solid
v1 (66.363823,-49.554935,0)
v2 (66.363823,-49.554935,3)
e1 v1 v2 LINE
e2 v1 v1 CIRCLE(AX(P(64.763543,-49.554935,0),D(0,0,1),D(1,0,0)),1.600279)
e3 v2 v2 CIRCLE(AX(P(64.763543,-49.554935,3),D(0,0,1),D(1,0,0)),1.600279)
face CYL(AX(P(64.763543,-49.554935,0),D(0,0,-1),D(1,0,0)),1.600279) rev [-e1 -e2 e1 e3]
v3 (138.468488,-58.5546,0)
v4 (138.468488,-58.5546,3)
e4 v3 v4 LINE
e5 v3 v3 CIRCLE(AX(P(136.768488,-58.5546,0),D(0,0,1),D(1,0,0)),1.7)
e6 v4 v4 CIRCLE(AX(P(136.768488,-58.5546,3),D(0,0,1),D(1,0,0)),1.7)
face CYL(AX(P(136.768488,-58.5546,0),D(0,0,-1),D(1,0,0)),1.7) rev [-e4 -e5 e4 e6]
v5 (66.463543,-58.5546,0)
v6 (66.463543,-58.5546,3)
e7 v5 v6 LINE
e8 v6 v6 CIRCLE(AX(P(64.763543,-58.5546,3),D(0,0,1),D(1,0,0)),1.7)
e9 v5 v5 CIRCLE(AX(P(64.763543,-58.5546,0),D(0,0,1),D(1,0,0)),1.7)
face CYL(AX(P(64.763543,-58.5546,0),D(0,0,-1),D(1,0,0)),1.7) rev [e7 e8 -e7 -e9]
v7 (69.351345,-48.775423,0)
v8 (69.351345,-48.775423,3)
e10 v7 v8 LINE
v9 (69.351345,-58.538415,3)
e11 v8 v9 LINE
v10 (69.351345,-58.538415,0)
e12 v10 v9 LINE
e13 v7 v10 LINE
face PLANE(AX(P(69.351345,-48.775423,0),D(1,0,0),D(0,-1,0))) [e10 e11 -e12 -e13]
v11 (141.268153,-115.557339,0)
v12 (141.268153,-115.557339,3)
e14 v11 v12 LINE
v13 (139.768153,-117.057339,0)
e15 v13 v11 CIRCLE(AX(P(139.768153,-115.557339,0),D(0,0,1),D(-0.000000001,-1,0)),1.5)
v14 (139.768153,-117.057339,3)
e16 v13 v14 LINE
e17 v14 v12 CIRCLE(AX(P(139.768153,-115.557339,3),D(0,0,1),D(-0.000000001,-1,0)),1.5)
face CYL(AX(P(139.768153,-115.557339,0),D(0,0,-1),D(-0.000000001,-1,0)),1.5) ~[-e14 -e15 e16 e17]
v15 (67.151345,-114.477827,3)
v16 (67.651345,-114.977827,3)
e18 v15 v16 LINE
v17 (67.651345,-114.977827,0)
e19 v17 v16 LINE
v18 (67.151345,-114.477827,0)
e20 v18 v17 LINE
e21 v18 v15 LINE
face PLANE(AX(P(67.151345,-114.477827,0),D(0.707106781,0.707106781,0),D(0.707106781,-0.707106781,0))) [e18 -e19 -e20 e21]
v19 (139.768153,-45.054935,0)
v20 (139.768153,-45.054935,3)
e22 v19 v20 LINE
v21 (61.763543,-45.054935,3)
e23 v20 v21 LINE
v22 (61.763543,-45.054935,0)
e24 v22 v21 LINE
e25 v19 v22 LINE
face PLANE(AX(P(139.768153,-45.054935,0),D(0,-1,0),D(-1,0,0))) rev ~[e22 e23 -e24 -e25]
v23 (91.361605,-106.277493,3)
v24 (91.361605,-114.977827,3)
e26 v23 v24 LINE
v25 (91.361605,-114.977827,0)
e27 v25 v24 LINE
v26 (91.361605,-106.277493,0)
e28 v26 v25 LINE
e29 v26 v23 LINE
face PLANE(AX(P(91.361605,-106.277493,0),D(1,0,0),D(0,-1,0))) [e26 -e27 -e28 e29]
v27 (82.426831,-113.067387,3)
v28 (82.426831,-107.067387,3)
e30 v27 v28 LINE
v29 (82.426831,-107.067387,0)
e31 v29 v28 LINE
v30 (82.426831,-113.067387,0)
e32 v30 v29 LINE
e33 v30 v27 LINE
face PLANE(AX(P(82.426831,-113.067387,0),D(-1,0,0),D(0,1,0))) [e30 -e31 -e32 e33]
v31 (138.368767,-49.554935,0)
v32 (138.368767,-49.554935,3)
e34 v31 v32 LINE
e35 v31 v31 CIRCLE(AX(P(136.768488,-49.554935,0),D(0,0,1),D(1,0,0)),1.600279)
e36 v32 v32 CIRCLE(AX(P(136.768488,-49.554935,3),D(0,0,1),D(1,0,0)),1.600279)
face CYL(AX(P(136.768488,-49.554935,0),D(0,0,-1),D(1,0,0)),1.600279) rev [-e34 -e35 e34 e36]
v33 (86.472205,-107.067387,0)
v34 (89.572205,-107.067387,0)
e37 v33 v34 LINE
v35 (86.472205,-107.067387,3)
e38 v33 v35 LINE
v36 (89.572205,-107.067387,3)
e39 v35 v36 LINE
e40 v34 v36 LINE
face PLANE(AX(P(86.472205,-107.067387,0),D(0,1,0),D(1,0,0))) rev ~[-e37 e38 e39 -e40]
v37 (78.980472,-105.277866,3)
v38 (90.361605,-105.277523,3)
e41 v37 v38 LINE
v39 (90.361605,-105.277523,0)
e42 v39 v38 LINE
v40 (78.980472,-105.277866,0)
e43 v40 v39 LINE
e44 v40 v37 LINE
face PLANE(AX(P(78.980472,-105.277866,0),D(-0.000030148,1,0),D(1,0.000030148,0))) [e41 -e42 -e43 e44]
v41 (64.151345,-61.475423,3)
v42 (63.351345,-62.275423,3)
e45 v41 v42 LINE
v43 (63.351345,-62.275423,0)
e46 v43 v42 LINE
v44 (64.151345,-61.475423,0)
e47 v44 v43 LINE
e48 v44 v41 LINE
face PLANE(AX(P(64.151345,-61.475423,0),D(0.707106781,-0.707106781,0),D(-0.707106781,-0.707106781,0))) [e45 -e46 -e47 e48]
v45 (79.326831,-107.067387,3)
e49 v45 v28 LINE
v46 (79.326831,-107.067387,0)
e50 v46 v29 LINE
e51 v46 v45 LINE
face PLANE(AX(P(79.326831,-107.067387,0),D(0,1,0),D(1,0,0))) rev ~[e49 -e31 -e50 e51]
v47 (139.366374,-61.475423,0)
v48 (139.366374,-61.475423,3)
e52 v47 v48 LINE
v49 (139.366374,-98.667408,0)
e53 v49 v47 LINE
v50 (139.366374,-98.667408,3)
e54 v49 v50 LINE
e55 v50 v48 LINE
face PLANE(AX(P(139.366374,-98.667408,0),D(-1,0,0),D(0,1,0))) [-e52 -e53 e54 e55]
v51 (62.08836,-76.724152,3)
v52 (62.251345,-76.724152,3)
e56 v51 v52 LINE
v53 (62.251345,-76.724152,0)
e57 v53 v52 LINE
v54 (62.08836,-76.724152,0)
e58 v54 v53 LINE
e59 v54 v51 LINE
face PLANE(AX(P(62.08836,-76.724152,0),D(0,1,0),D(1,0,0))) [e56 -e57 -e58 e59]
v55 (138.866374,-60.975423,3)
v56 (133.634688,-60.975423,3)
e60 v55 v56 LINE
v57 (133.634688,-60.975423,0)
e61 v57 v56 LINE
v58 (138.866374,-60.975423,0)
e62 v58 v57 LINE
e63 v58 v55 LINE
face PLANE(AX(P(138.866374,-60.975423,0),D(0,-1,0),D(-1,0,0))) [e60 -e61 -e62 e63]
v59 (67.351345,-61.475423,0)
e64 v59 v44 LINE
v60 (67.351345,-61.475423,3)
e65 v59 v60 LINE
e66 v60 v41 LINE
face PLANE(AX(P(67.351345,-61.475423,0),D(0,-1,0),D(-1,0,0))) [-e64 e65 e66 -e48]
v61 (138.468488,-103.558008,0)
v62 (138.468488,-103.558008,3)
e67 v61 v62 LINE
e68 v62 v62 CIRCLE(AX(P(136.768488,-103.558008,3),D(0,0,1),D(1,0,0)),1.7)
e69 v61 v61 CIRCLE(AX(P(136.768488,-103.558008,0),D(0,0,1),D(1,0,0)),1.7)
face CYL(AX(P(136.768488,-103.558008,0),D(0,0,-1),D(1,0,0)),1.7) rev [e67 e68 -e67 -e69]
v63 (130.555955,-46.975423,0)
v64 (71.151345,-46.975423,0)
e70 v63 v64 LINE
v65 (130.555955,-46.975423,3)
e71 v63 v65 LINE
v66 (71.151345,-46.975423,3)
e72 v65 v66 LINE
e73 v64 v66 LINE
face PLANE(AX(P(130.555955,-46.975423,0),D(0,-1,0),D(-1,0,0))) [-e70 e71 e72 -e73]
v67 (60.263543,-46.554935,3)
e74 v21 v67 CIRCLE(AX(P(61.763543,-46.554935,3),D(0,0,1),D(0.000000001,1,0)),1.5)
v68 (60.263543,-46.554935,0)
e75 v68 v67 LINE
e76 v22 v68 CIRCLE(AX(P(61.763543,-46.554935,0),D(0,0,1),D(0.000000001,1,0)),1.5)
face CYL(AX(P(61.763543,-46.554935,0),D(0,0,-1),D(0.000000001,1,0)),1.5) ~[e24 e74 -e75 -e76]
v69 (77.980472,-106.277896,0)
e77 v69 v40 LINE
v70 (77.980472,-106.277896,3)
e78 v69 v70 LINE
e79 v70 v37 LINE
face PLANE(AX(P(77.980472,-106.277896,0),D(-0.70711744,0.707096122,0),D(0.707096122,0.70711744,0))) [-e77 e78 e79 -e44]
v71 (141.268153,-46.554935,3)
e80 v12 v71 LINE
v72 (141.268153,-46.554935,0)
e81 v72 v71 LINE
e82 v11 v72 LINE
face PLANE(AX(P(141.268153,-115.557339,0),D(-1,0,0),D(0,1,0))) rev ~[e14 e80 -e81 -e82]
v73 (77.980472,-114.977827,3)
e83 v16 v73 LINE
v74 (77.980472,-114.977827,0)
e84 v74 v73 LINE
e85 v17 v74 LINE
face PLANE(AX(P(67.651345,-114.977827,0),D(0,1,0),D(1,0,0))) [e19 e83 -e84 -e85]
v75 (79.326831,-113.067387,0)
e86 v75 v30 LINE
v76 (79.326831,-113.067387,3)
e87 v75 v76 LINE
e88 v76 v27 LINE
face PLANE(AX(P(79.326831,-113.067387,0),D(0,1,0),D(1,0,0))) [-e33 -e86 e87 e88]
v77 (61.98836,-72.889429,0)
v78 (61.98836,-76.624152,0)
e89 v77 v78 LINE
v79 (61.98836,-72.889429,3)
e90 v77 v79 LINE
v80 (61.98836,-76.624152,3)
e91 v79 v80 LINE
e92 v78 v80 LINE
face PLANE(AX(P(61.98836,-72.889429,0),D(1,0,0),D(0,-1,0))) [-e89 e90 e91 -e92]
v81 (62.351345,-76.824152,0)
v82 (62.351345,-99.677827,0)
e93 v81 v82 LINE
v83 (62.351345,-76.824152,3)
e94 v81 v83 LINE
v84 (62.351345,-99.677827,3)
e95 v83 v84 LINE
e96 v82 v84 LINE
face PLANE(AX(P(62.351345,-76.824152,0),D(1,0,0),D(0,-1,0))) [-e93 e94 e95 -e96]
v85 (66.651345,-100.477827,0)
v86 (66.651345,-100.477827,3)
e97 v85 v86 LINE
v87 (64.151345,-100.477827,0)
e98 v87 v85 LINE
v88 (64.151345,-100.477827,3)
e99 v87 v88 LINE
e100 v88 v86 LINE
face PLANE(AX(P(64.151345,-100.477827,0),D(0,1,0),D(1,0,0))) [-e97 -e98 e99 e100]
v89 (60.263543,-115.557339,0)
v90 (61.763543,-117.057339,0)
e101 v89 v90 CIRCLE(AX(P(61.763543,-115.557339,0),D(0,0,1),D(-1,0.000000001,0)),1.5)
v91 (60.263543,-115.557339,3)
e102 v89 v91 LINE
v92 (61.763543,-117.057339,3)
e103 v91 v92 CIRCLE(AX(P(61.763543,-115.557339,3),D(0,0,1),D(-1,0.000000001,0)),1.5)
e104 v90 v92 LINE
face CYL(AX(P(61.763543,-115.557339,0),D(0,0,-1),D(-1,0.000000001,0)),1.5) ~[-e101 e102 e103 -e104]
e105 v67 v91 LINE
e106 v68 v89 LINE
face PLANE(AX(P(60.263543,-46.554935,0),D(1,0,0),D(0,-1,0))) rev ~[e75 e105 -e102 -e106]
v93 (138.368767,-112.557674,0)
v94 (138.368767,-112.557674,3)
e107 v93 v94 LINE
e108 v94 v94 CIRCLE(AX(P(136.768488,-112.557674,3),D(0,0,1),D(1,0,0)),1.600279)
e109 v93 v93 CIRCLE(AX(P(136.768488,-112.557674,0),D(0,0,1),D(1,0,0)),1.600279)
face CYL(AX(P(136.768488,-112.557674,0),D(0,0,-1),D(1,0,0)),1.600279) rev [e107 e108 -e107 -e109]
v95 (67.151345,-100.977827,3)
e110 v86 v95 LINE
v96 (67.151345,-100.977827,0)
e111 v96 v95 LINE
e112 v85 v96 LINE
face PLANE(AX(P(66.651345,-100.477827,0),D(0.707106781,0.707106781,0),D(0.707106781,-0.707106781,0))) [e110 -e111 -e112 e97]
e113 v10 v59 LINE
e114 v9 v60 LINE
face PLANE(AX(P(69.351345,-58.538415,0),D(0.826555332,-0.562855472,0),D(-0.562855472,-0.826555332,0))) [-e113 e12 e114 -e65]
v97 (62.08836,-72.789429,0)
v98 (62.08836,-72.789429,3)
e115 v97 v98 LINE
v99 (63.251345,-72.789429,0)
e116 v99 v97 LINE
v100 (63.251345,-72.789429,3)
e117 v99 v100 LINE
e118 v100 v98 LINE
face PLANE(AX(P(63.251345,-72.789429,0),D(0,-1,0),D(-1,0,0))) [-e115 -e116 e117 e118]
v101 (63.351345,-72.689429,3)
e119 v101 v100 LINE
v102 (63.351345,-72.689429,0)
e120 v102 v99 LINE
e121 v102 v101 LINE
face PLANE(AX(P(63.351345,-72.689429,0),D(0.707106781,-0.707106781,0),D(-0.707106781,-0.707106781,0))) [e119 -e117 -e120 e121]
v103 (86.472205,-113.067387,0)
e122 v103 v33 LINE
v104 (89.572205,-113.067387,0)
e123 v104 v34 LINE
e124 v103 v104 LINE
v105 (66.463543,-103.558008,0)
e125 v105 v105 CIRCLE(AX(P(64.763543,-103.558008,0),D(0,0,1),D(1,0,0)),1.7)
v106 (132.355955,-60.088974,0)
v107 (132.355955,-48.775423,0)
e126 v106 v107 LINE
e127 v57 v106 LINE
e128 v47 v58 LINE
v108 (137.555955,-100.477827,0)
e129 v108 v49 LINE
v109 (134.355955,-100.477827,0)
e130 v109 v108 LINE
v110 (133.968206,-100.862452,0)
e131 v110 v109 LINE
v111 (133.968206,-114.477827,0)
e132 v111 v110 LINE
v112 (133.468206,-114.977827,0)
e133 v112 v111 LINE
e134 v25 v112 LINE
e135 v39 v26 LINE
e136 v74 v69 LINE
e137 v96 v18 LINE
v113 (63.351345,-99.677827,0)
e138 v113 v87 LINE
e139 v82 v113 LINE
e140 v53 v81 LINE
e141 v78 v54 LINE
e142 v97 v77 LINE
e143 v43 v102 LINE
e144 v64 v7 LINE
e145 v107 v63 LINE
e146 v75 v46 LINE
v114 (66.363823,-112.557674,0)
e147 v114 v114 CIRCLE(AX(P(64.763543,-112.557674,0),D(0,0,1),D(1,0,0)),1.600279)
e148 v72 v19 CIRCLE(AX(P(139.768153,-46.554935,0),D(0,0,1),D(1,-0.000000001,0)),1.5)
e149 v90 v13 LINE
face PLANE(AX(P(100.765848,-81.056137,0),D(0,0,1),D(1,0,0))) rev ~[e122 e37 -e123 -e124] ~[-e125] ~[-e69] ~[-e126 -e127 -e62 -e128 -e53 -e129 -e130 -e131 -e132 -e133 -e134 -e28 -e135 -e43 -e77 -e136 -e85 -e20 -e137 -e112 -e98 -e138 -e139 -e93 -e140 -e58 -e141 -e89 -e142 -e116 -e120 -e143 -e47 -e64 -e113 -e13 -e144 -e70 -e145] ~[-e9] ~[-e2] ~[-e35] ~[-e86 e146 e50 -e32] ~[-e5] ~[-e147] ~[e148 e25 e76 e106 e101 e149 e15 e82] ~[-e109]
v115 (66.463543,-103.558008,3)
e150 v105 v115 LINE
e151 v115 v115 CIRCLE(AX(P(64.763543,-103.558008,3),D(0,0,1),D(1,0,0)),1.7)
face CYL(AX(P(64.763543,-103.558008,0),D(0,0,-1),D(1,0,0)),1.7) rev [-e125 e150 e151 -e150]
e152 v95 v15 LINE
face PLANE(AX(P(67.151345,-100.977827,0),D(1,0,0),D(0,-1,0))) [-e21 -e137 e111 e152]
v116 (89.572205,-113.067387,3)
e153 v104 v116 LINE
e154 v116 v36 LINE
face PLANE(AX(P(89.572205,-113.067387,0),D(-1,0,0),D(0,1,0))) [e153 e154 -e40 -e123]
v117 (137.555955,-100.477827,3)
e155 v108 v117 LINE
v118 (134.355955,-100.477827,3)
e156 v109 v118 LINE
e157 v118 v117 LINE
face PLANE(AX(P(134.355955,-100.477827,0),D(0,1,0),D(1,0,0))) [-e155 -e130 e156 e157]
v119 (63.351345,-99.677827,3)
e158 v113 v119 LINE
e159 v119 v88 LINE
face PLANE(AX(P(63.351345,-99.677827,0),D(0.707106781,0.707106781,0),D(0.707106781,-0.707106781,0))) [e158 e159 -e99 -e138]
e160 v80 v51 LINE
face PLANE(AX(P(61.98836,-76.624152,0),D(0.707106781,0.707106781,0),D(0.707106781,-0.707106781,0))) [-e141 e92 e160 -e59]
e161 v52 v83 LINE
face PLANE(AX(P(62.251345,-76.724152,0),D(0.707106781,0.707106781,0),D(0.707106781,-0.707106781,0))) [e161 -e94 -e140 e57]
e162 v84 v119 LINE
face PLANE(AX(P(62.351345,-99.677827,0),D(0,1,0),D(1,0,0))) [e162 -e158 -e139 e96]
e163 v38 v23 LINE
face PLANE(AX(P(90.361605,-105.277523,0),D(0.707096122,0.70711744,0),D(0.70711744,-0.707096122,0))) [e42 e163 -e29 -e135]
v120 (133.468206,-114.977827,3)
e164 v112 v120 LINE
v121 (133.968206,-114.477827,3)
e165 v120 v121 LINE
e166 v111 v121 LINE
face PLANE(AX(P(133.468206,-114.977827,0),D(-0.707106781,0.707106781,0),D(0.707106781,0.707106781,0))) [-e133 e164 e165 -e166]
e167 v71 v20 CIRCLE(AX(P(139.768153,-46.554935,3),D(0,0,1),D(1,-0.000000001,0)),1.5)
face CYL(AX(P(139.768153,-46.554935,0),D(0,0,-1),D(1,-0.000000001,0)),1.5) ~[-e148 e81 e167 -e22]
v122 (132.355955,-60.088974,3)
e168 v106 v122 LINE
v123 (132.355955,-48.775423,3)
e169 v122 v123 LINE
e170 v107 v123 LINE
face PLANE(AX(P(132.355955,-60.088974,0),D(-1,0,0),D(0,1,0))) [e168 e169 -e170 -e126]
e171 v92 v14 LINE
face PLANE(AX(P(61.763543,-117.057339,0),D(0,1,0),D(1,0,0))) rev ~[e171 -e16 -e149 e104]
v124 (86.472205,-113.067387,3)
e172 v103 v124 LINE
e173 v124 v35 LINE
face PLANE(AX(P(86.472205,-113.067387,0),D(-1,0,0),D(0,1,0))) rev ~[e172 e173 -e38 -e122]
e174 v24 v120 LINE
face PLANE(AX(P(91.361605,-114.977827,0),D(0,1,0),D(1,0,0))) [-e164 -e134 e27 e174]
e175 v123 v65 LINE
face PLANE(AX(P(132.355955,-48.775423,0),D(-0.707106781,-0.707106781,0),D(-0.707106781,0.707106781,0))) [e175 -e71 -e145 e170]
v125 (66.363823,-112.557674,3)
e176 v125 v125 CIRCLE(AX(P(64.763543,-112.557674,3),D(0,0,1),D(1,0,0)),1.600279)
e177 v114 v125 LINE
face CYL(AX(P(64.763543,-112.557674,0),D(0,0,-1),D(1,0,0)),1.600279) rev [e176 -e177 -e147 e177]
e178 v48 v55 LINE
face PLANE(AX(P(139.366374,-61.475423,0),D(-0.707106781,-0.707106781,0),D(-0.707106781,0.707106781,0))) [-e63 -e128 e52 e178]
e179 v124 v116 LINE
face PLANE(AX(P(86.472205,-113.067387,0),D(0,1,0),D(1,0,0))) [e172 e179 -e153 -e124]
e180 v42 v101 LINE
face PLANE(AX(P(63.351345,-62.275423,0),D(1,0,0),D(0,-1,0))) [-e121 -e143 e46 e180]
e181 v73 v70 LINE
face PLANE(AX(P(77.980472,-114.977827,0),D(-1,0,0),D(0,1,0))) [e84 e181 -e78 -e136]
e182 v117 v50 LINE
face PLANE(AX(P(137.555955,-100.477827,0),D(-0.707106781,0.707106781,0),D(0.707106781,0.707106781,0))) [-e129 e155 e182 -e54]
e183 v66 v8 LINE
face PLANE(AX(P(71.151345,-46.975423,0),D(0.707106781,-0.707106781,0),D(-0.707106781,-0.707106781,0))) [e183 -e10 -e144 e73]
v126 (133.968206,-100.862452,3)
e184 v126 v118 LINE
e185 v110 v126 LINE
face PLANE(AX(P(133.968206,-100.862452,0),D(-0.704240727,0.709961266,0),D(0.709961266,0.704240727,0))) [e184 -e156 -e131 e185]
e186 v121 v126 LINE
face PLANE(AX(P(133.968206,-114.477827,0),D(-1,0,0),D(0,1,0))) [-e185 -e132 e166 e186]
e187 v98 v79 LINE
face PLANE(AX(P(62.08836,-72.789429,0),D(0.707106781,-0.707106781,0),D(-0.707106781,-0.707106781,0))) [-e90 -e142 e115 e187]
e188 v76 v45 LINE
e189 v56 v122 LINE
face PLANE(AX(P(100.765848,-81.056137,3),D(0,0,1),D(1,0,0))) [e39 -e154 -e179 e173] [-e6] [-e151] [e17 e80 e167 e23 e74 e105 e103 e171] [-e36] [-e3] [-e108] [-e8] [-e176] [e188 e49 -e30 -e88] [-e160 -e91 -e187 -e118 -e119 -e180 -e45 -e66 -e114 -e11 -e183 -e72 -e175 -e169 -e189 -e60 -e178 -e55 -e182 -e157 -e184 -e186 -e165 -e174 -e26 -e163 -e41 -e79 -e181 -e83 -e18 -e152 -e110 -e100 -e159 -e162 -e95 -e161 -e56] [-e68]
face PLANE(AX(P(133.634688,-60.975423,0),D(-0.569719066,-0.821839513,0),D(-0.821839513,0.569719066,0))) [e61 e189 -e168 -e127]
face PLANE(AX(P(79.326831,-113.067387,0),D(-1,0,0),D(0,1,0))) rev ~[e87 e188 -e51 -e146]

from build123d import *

# Parameters (mm, degrees)
MODEL_R                 = 1.7
MODEL_R_2               = 1.600279216
MODEL_W                 = 3.1
MODEL_H                 = 6
SALIENTE_EXTRUIR1_DEPTH = 3


with BuildPart() as part:
    # Model → Saliente-Extruir1 (new body)
    with BuildSketch(Plane.XY):
        with BuildLine():
            Line((139.768153306, -45.054934941), (61.763543448, -45.054934941))
            ThreePointArc((61.763543448, -45.054934941), (60.702883276, -45.494274769), (60.263543448, -46.554934941))
            Line((60.263543448, -46.554934941), (60.263543448, -115.557339175))
            ThreePointArc((60.263543448, -115.557339175), (60.702883276, -116.617999347), (61.763543448, -117.057339175))
            Line((61.763543448, -117.057339175), (139.768153306, -117.057339175))
            ThreePointArc((139.768153306, -117.057339175), (140.828813478, -116.617999347), (141.268153306, -115.557339175))
            Line((141.268153306, -115.557339175), (141.268153306, -46.554934941))
            ThreePointArc((141.268153306, -46.554934941), (140.828813478, -45.494274769), (139.768153306, -45.054934941))
        make_face()
        with Locations((136.768487808, -103.558008179)):
            Circle(MODEL_R, mode=Mode.SUBTRACT)
        with Locations((136.768487808, -58.554600438)):
            Circle(MODEL_R, mode=Mode.SUBTRACT)
        with Locations((136.768487808, -112.557673677)):
            Circle(MODEL_R_2, mode=Mode.SUBTRACT)
        with Locations((136.768487808, -49.554934941)):
            Circle(MODEL_R_2, mode=Mode.SUBTRACT)
        with Locations((64.763543448, -103.558008179)):
            Circle(MODEL_R, mode=Mode.SUBTRACT)
        with Locations((64.763543448, -58.554600438)):
            Circle(MODEL_R, mode=Mode.SUBTRACT)
        with Locations((64.763543448, -49.554934941)):
            Circle(MODEL_R_2, mode=Mode.SUBTRACT)
        with Locations((64.763543448, -112.557673677)):
            Circle(MODEL_R_2, mode=Mode.SUBTRACT)
        with Locations((80.876831082, -110.067386969)):
            Rectangle(MODEL_W, MODEL_H, mode=Mode.SUBTRACT)
        with Locations((88.022204789, -110.067386969)):
            Rectangle(MODEL_W, MODEL_H, mode=Mode.SUBTRACT)
        Polygon((63.351345037, -62.275422733), (63.351345037, -72.689428622), (63.251345037, -72.789428622), (62.088360478, -72.789428622), (61.988360478, -72.889428622), (61.988360478, -76.624152209), (62.088360478, -76.724152209), (62.251345037, -76.724152209), (62.351345037, -76.824152209), (62.351345037, -99.677826967), (63.351345037, -99.677826967), (64.151345037, -100.477826967), (66.651345037, -100.477826967), (67.151345037, -100.977826967), (67.151345037, -114.477826967), (67.651345037, -114.977826967), (77.980472194, -114.977826967), (77.980472194, -106.277895967), (78.980472194, -105.277865819), (90.361604846, -105.277522697), (91.361604845, -106.277492548), (91.361604845, -114.977826967), (133.468205597, -114.977826967), (133.968205597, -114.477826967), (133.968205597, -100.862451961), (134.355954895, -100.477826967), (137.555954895, -100.477826967), (139.366374234, -98.667407629), (139.366374234, -61.475422733), (138.866374234, -60.975422733), (133.634687553, -60.975422733), (132.355954895, -60.088974267), (132.355954895, -48.775422733), (130.555954895, -46.975422733), (71.151345037, -46.975422733), (69.351345037, -48.775422733), (69.351345037, -58.538415371), (67.351345037, -61.475422733), (64.151345037, -61.475422733), align=None, mode=Mode.SUBTRACT)
    extrude(amount=SALIENTE_EXTRUIR1_DEPTH)


solid = part.part
